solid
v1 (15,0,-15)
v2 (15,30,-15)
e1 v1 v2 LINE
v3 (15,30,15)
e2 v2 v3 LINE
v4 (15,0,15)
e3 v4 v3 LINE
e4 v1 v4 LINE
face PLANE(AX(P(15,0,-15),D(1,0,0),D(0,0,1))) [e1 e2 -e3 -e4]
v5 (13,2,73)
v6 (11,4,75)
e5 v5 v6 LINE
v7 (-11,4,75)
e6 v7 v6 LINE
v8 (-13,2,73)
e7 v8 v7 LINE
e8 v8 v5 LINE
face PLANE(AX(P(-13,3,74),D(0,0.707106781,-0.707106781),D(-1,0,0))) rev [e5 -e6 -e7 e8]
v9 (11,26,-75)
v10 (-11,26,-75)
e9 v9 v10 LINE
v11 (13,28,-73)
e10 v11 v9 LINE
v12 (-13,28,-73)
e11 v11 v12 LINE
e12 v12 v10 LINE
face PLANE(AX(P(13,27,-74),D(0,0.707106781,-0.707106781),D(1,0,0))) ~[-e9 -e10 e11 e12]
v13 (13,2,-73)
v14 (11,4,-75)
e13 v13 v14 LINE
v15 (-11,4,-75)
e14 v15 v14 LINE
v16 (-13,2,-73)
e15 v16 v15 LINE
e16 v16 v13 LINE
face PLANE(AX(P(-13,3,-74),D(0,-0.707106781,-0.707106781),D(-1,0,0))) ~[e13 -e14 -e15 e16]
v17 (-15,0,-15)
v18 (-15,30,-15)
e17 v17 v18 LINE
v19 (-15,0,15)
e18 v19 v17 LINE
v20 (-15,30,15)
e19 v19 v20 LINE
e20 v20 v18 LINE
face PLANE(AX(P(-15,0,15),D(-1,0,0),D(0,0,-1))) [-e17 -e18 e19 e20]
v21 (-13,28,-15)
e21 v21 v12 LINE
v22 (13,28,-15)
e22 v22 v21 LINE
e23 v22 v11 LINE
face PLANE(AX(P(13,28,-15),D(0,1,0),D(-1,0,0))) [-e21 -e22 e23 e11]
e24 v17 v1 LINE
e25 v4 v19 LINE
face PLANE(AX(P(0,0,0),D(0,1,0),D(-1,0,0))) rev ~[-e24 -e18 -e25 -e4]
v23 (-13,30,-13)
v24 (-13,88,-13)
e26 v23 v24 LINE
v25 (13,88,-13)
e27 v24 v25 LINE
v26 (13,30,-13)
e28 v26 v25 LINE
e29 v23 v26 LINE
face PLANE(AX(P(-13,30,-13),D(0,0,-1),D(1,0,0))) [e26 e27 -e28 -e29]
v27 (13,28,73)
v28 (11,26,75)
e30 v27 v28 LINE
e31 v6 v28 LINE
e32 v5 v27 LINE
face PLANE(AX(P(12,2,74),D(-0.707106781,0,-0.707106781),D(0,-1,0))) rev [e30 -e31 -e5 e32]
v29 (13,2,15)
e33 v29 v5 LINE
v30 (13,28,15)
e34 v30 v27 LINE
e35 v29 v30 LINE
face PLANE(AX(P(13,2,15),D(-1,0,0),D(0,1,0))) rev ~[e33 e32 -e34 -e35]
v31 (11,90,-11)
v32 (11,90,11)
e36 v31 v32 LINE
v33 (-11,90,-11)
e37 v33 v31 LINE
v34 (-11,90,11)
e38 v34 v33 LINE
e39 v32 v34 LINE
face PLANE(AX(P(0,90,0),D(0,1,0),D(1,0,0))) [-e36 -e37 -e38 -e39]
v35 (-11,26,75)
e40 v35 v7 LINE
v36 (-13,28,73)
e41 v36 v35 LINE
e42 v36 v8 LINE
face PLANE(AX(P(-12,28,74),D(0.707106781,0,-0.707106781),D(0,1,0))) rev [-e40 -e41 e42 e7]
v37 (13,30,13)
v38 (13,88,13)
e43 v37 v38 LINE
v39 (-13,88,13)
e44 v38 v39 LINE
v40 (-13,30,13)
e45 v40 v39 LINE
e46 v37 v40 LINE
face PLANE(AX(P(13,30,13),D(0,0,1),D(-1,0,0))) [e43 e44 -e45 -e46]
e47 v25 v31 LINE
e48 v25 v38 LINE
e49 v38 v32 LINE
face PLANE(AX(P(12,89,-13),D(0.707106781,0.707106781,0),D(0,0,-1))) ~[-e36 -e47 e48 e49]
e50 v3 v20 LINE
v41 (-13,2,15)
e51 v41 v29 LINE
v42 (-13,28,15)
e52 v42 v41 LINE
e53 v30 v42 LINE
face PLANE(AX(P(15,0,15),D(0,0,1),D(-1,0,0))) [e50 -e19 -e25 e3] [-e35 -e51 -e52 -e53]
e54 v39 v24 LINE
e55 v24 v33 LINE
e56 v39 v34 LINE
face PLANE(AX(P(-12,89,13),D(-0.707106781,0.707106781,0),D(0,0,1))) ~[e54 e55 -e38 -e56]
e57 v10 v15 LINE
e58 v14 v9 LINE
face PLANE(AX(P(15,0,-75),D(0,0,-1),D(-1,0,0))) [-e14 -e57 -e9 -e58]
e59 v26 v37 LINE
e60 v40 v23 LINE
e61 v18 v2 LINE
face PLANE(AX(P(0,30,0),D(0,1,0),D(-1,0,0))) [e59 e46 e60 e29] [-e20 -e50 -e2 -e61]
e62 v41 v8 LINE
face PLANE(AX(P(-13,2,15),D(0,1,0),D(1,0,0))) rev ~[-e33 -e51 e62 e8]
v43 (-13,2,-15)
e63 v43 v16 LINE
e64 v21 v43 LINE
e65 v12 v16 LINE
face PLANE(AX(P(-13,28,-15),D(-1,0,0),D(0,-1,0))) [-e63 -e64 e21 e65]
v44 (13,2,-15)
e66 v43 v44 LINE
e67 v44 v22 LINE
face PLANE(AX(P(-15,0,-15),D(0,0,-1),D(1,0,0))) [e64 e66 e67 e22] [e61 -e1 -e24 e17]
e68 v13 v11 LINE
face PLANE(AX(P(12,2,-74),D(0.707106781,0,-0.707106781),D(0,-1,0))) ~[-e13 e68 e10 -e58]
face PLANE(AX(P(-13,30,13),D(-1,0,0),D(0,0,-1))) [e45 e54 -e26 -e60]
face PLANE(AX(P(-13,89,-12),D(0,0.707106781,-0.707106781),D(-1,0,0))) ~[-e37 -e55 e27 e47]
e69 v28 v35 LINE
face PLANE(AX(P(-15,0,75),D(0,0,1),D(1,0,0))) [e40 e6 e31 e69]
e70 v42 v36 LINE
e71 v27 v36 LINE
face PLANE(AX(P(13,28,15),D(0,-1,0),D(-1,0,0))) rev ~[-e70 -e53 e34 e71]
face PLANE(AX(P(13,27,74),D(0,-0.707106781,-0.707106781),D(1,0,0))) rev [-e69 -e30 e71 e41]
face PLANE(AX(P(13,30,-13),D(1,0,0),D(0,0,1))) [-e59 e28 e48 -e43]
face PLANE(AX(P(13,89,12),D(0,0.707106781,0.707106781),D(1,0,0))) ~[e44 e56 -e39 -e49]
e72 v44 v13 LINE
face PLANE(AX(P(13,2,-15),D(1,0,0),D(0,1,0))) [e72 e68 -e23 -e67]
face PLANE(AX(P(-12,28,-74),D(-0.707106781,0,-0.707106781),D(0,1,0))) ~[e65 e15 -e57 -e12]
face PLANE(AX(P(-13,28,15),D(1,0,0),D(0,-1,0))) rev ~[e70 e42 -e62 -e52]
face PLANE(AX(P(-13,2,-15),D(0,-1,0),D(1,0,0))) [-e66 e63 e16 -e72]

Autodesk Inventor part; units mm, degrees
ref_plane "YZ Plane" through (0, 0, 0) normal (1, 0, 0) x (0, 1, 0)
ref_plane "XZ Plane" through (0, 0, 0) normal (0, 1, 0) x (-1, 0, 0)
ref_plane "XY Plane" through (0, 0, 0) normal (0, 0, 1) x (1, 0, 0)
sketch "Náčrt8" plane through (0, 0, 0) normal (0, 1, 0) x (-1, 0, 0)
  line L0 (-15, 15) -> (15, 15)
  line L1 (15, 15) -> (15, -15)
  line L2 (15, -15) -> (-15, -15)
  line L3 (-15, -15) -> (-15, 15)
  line L4 (-15, 15) -> (15, -15) construction
  line L5 (15, 15) -> (-15, -15) construction
  point P0 (0, 0)
  dimension "d67" = 30
  dimension "d68" = 30
extrude "Vysunutí8" add sketch "Náčrt8" along normal blind 30
sketch "Náčrt9" plane through (0, 30, 0) normal (0, 1, 0) x (1, 0, 0)
  line L0 (13, -13) -> (-13, -13)
  line L1 (-13, -13) -> (-13, 13)
  line L2 (-13, 13) -> (13, 13)
  line L3 (13, 13) -> (13, -13)
  line L4 (13, -13) -> (-13, 13) construction
  line L5 (-13, -13) -> (13, 13) construction
  point P0 (0, 0)
  dimension "d71" = 26
  dimension "d72" = 26
extrude "Vysunutí9" add sketch "Náčrt9" along normal blind 60
sketch "Náčrt10" plane through (-15, 0, -15) normal (-1, 0, 0) x (0, 0, 1)
  line L0 (30, 0) -> (0, 0) projected
  line L1 (30, 0) -> (30, 30) projected
  line L2 (0, 30) -> (30, 30) projected
  line L3 (0, 0) -> (0, 30) projected
  line L4 (28, 2) -> (2, 2)
  line L5 (2, 2) -> (2, 28)
  line L6 (2, 28) -> (28, 28)
  line L7 (28, 28) -> (28, 2)
  line L8 (28, 2) -> (2, 28) construction
  line L9 (2, 2) -> (28, 28) construction
  point P0 (15, 0)
  point P1 (7.5, 15)
  point P2 (15, 15)
  dimension "d79" = 26
  dimension "d80" = 26
  dimension "d120" = 15
  dimension "d121" = 15
sketch "Náčrt11" plane through (15, 0, -15) normal (0, 0, -1) x (-1, 0, 0)
  line L0 (30, 0) -> (0, 0) projected
  line L1 (30, 0) -> (30, 30) projected
  line L2 (0, 30) -> (30, 30) projected
  line L3 (0, 0) -> (0, 30) projected
  line L4 (28, 2) -> (2, 2)
  line L5 (2, 2) -> (2, 28)
  line L6 (2, 28) -> (28, 28)
  line L7 (28, 28) -> (28, 2)
  line L8 (28, 2) -> (2, 28) construction
  line L9 (2, 2) -> (28, 28) construction
  point P0 (15, 0)
  point P1 (15, 15)
  dimension "d87" = 26
  dimension "d88" = 26
  dimension "d122" = 15
  dimension "d123" = 15
sketch "Náčrt12" plane through (15, 0, 15) normal (1, 0, 0) x (0, 0, -1)
  line L0 (2, 2) -> (28, 2) projected
  line L1 (28, 28) -> (2, 28) projected
  line L2 (28, 2) -> (28, 28) projected
  line L3 (2, 28) -> (2, 2) projected
  point P0 (15, 0)
sketch "Náčrt13" plane through (0, 0, 0) normal (0, -1, 0) x (1, 0, 0)
  line L0 (13, -13) -> (13, 13) projected
  line L1 (-13, -13) -> (13, -13) projected
  line L2 (-15, 15) -> (15, 15) projected
  line L3 (13, 13) -> (-13, 13) projected
  line L4 (-13, 13) -> (-13, -13) projected
sketch "Náčrt14" plane through (-15, 0, 15) normal (0, 0, 1) x (1, 0, 0)
  line L0 (28, 28) -> (2, 28) projected
  line L1 (2, 28) -> (2, 2) projected
  line L2 (2, 2) -> (28, 2) projected
  line L3 (28, 2) -> (28, 28) projected
  point P0 (15, 0)
extrude "Vysunutí10" add sketch "Náčrt11" along normal blind 60 contours L4 L5 L6 L7
extrude "Vysunutí11" add sketch "Náčrt14" along normal blind 60
extrude "Vysunutí12" [suppressed]
extrude "Vysunutí13" [suppressed]
extrude "Vysunutí14" [suppressed]
chamfer "Zkosení13" [suppressed]
chamfer "Zkosení14" distance 2 angle 45 4 edges at (13, 15, -75) (-13, 15, -75) (0, 28, -75) (0, 2, -75)
chamfer "Zkosení15" [suppressed]
chamfer "Zkosení16" distance 2 angle 45 4 edges at (-13, 15, 75) (13, 15, 75) (0, 28, 75) (0, 2, 75)
chamfer "Zkosení17" distance 2 angle 45 4 edges at (-13, 90, 0) (0, 90, -13) (13, 90, 0) (0, 90, 13)
chamfer "Zkosení18" [suppressed]
equation "\"d67\" = width"
equation "\"d68\" = width"
equation "\"d69\" = width"
equation "\"d71\" = width - 2 * thickness"
equation "\"d72\" = width - 2 * thickness"
equation "\"d75\" = 2 * width"
equation "\"d79\" = width - 2 * thickness"
equation "\"d80\" = width - 2 * thickness"
equation "\"d120\" = 0.5 * width"
equation "\"d121\" = 0.5 * width"
equation "\"d87\" = width - 2 * thickness"
equation "\"d88\" = width - 2 * thickness"
equation "\"d122\" = 0.5 * width"
equation "\"d123\" = 0.5 * width"
equation "\"d89\" = 2 * width"
equation "\"d91\" = 2 * width"
equation "\"d93\" = 2 * width"
equation "\"d95\" = 2 * width"
equation "\"d97\" = 2 * width"
equation "\"d99\" = thickness"
equation "\"d102\" = thickness"
equation "\"d105\" = thickness"
equation "\"d108\" = thickness"
equation "\"d111\" = thickness"
equation "\"d114\" = thickness"
equation "\"width\" = 30"
equation "\"thickness\" = 2"
properties part number "Profile-Connector#04" material "PVC potrubí"
